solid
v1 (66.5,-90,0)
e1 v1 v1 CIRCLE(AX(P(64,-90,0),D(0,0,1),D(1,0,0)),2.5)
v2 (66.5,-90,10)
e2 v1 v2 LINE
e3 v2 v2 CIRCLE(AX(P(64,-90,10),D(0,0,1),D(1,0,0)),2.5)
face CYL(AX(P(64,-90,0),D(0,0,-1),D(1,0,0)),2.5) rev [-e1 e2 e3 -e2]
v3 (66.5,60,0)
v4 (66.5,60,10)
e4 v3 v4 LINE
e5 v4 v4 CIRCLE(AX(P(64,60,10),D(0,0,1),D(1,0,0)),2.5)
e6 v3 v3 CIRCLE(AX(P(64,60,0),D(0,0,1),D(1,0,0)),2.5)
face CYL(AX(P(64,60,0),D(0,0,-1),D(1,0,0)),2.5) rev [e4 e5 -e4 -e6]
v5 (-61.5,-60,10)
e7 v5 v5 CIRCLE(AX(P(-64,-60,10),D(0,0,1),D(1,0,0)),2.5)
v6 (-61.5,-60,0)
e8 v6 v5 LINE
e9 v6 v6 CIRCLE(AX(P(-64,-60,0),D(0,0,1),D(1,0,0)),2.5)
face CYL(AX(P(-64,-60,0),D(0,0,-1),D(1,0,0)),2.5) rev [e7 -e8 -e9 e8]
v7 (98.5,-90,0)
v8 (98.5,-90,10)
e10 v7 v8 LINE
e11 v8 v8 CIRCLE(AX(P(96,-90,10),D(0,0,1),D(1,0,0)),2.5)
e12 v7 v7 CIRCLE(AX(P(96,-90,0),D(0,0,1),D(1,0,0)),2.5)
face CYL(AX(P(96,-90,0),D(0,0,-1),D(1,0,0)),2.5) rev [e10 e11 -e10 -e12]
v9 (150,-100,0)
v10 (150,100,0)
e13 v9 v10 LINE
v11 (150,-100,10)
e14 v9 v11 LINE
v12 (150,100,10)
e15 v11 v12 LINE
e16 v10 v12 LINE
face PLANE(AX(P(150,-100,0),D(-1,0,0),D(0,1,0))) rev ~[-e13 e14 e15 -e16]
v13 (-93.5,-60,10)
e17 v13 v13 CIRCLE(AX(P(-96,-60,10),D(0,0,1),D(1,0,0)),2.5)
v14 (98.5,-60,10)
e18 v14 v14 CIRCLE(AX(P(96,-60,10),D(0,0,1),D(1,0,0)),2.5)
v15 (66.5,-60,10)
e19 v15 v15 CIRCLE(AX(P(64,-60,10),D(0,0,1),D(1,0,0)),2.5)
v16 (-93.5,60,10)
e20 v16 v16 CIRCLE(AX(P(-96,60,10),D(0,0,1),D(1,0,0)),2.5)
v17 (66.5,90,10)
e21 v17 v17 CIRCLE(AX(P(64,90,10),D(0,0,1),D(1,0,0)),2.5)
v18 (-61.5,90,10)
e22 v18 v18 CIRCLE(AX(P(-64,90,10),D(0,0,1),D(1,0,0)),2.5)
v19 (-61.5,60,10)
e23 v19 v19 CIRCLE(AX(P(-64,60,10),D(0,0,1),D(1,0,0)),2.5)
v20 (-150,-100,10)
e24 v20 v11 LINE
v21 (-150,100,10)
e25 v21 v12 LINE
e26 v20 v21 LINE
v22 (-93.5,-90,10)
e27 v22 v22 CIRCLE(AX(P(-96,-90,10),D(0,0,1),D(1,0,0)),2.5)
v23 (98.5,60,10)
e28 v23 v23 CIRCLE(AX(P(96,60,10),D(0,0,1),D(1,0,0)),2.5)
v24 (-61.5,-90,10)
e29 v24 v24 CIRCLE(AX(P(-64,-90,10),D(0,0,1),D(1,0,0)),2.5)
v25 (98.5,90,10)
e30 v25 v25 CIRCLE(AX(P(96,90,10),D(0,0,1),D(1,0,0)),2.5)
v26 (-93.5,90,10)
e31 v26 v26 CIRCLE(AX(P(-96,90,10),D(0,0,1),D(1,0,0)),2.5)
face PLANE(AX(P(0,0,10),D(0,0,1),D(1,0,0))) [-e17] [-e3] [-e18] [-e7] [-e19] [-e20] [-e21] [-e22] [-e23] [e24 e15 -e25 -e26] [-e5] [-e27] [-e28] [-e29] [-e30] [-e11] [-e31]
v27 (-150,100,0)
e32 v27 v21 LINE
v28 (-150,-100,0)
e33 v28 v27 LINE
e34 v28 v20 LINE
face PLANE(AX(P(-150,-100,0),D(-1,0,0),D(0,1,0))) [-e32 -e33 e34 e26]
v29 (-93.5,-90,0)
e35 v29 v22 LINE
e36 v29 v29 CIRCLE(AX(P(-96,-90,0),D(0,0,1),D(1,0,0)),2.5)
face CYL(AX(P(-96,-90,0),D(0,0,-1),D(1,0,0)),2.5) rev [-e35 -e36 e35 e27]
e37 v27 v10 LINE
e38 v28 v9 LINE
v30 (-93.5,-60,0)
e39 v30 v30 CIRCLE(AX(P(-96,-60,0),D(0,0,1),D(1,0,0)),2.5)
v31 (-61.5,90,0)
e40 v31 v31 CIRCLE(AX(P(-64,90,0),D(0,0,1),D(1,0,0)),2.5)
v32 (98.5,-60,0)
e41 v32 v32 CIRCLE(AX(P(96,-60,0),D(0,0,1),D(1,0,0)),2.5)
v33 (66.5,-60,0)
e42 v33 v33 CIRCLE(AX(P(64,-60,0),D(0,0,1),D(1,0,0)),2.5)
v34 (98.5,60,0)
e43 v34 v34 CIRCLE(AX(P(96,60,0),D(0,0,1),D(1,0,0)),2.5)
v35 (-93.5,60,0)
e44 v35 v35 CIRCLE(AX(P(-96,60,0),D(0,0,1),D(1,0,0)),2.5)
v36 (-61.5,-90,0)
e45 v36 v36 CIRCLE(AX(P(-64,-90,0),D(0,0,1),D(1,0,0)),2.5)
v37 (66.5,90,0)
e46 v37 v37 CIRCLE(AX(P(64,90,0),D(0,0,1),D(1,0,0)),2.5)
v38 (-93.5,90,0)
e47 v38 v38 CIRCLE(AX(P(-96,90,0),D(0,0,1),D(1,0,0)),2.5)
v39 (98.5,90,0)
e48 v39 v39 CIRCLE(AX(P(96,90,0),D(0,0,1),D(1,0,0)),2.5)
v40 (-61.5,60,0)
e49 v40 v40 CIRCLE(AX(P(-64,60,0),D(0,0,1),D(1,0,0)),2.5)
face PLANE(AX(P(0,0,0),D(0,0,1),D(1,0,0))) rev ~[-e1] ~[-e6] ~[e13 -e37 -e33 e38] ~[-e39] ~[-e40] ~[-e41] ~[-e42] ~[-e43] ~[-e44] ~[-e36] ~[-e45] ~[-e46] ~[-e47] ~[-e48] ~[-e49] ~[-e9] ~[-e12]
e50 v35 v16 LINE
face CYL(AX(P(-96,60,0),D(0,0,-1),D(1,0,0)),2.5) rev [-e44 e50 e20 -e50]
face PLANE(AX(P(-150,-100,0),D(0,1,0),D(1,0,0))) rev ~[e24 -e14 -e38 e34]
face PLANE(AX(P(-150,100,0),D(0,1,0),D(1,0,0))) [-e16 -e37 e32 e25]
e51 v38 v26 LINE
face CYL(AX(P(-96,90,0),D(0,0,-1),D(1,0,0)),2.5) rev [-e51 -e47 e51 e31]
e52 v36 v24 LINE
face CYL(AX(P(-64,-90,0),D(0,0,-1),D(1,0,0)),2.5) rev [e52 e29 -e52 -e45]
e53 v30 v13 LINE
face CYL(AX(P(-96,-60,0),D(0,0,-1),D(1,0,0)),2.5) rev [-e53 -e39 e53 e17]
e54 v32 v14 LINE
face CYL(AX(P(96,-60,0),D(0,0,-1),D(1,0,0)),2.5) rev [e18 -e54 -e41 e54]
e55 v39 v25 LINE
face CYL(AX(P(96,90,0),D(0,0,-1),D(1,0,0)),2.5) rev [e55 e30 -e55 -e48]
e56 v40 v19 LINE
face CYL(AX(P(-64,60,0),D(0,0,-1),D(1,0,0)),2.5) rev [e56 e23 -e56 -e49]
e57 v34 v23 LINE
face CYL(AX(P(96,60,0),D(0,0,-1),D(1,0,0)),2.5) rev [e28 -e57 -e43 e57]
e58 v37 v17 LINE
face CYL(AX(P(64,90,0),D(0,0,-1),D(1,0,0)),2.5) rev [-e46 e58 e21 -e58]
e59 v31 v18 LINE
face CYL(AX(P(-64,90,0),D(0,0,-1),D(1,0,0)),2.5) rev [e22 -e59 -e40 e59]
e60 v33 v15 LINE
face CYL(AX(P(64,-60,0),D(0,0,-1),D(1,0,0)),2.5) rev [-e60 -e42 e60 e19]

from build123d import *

# Parameters (mm, degrees)
F0_W     = 300
F0_H     = 200
F0_R     = 2.5
F1_DEPTH = 10


with BuildPart() as f1:
    # F0 (on Top) → F1 (new body)
    with BuildSketch(Plane.XY):
        Rectangle(F0_W, F0_H)
        with Locations((-96, -90)):
            Circle(F0_R, mode=Mode.SUBTRACT)
        with Locations((-96, -60)):
            Circle(F0_R, mode=Mode.SUBTRACT)
        with Locations((-64, -90)):
            Circle(F0_R, mode=Mode.SUBTRACT)
        with Locations((-64, -60)):
            Circle(F0_R, mode=Mode.SUBTRACT)
        with Locations((64, -90)):
            Circle(F0_R, mode=Mode.SUBTRACT)
        with Locations((64, -60)):
            Circle(F0_R, mode=Mode.SUBTRACT)
        with Locations((96, -90)):
            Circle(F0_R, mode=Mode.SUBTRACT)
        with Locations((96, -60)):
            Circle(F0_R, mode=Mode.SUBTRACT)
        with Locations((-96, 60)):
            Circle(F0_R, mode=Mode.SUBTRACT)
        with Locations((-96, 90)):
            Circle(F0_R, mode=Mode.SUBTRACT)
        with Locations((-64, 60)):
            Circle(F0_R, mode=Mode.SUBTRACT)
        with Locations((-64, 90)):
            Circle(F0_R, mode=Mode.SUBTRACT)
        with Locations((64, 60)):
            Circle(F0_R, mode=Mode.SUBTRACT)
        with Locations((64, 90)):
            Circle(F0_R, mode=Mode.SUBTRACT)
        with Locations((96, 60)):
            Circle(F0_R, mode=Mode.SUBTRACT)
        with Locations((96, 90)):
            Circle(F0_R, mode=Mode.SUBTRACT)
    extrude(amount=F1_DEPTH)


solid = f1.part
